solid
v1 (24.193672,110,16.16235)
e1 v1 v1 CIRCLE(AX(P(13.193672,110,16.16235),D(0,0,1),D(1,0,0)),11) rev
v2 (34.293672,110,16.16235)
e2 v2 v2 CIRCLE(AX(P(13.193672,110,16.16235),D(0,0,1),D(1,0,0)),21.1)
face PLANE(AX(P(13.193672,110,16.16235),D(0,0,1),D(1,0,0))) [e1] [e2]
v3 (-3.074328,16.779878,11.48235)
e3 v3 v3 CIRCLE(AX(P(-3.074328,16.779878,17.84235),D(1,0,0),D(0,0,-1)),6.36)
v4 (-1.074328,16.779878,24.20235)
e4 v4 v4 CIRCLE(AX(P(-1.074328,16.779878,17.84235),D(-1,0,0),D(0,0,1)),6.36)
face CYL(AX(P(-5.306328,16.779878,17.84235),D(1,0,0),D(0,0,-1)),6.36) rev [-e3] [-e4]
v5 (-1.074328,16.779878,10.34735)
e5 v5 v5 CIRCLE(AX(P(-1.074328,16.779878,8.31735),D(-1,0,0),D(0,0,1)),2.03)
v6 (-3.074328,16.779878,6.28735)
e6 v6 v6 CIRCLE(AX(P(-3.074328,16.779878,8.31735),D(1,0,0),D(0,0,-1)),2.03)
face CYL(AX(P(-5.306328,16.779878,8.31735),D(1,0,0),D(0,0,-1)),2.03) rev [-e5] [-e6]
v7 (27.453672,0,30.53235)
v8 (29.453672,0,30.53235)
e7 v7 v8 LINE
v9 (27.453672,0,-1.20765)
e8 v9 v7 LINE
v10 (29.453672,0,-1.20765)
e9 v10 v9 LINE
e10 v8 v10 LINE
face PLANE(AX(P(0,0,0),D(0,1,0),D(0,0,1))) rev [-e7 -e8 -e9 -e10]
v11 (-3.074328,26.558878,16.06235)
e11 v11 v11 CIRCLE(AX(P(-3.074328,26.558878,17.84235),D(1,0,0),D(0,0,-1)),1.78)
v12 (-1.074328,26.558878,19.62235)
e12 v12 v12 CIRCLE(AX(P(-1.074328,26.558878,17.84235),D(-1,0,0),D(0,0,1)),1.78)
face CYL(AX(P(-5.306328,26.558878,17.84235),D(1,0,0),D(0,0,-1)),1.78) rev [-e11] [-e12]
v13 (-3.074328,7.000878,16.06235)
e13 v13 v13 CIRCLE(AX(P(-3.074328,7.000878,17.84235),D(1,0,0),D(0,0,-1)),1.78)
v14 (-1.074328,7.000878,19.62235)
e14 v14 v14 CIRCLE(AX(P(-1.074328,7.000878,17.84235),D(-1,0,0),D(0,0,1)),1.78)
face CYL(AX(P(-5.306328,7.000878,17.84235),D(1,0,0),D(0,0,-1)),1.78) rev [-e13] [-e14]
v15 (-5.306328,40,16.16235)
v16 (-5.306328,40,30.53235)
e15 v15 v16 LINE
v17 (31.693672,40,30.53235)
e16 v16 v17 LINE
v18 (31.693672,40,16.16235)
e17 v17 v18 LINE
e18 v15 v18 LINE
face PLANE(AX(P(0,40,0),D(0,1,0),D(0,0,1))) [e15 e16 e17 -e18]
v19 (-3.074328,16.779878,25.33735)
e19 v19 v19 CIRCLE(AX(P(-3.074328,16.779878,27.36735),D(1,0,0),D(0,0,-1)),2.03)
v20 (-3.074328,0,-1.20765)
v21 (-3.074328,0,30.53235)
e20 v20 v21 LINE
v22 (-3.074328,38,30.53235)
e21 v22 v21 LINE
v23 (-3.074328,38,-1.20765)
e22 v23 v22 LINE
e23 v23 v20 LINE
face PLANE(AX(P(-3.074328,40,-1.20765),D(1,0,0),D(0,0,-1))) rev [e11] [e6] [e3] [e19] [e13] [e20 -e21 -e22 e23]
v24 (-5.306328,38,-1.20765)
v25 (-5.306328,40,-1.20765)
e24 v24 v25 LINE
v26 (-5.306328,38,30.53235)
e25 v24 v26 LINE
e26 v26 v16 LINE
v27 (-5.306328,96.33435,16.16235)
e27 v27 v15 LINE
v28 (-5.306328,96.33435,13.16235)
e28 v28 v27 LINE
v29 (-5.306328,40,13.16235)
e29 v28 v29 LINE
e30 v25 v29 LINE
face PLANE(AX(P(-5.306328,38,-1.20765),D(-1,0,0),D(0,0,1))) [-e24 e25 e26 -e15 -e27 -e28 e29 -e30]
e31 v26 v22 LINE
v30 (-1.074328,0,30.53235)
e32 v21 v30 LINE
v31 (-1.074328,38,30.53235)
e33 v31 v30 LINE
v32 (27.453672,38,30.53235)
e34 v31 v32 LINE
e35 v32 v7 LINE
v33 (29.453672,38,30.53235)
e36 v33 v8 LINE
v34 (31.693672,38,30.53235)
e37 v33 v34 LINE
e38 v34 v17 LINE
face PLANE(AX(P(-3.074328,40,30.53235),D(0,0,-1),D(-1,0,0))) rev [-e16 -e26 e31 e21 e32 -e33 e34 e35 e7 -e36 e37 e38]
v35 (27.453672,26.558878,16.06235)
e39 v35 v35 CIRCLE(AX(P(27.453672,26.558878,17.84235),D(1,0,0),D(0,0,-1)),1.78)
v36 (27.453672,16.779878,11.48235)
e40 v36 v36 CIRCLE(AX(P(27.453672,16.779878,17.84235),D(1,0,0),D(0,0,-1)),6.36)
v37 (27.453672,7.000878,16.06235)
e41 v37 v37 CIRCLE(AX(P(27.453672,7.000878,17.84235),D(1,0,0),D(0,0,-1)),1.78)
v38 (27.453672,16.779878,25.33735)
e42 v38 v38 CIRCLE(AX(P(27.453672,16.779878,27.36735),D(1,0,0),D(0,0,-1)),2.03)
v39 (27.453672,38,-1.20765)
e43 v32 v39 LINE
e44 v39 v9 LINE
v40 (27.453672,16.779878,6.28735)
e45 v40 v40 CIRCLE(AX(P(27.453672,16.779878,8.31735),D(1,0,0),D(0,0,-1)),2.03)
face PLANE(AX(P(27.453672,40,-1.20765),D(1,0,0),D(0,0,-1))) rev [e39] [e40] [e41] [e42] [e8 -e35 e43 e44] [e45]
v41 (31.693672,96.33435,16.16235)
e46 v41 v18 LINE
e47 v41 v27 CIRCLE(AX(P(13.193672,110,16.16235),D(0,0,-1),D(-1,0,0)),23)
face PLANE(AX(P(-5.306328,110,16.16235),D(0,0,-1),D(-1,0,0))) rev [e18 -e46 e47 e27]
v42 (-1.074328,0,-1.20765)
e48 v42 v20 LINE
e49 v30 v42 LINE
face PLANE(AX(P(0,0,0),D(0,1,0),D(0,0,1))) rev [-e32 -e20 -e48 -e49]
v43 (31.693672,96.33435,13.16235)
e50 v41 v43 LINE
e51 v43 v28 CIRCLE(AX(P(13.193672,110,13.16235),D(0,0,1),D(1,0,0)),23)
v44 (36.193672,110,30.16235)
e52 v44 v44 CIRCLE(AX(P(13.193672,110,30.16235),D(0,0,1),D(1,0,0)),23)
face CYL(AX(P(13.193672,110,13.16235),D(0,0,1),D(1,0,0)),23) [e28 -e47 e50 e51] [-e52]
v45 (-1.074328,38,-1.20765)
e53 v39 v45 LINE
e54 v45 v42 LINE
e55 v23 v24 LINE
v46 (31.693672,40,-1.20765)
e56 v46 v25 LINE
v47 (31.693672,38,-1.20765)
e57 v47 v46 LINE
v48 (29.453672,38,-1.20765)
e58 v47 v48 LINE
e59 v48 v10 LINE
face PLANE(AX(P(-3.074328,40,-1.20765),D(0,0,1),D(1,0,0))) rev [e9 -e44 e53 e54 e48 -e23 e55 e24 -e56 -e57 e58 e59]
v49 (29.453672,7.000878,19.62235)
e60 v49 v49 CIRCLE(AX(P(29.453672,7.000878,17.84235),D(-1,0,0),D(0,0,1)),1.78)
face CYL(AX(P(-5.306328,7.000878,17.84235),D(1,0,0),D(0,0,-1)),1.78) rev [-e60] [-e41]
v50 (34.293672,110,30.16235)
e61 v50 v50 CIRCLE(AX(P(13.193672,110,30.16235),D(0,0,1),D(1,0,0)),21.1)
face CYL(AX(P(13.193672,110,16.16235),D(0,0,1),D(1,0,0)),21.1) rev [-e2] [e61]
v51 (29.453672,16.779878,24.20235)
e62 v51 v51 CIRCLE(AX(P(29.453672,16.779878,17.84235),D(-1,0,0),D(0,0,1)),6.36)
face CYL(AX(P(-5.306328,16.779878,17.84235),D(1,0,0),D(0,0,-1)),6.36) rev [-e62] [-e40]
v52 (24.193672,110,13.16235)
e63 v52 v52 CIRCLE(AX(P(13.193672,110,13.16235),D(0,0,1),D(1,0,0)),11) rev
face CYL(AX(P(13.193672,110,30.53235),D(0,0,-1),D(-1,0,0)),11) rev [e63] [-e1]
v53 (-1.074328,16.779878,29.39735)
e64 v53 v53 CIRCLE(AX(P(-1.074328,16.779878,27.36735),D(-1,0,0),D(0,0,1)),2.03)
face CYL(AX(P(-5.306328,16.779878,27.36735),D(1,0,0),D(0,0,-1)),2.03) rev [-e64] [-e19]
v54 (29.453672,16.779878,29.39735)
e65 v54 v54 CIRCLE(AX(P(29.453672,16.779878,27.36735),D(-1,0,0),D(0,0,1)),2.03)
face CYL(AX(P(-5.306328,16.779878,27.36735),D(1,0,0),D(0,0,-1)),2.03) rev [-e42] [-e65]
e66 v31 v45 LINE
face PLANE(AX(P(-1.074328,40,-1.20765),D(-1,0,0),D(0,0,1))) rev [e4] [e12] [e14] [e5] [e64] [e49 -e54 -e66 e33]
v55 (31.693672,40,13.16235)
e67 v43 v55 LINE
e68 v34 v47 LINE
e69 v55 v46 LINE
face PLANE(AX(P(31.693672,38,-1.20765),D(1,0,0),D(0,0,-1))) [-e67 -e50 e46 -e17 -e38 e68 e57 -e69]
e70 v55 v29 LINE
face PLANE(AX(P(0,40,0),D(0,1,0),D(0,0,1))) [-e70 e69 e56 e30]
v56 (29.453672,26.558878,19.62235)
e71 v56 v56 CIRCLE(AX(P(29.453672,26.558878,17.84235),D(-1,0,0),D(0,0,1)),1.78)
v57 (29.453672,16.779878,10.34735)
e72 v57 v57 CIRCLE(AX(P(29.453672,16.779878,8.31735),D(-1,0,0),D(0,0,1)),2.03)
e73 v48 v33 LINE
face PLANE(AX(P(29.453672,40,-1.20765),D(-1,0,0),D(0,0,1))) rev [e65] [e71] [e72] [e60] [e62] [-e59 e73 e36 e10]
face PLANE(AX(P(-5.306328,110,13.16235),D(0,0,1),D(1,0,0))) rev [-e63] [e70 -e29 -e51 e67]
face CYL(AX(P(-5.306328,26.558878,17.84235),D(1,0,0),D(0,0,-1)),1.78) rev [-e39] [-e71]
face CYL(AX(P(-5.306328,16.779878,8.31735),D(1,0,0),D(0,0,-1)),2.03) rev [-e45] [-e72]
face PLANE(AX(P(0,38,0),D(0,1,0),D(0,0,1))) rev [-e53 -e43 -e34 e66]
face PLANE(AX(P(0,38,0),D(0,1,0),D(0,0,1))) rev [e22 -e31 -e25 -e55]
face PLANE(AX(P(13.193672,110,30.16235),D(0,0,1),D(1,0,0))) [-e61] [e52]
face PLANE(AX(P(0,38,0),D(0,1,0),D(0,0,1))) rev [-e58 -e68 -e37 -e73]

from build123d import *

# Parameters (mm, degrees)
SKETCH1_W                = 2
SKETCH1_H                = 31.74
BOSS_EXTRUDE1_DEPTH      = 40
BOSS_EXTRUDE1_2_DEPTH    = 40
SKETCH2_W                = 37
SKETCH2_H                = 31.74
BOSS_EXTRUDE3_DEPTH      = 2
SKETCH8_W                = 37
SKETCH8_H                = 3
BOSS_EXTRUDE4_DEPTH      = 70
SKETCH20_R               = 6.36
SKETCH20_R_2             = 1.78
SKETCH20_R_3             = 2.03
CUT_EXTRUDE4_DEPTH       = 3.24
CUT_EXTRUDE4_DEPTH_BACK  = 35.76
SKETCH23_R               = 23
BOSS_EXTRUDE6_DEPTH      = 14
BOSS_EXTRUDE6_DEPTH_BACK = 3
SKETCH25_R               = 21.1
CUT_EXTRUDE5_DEPTH       = 14
SKETCH26_R               = 11
CUT_EXTRUDE6_DEPTH       = 15.37
CUT_EXTRUDE6_DEPTH_BACK  = 18.37


with BuildPart() as part:
    # Sketch1 → Boss-Extrude1 (new body)
    with BuildSketch(Plane(origin=(0, 0, 0), x_dir=(1, 0, 0), z_dir=(0, 1, 0))):
        with Locations((-2.074327578, -14.662349727)):
            Rectangle(SKETCH1_W, SKETCH1_H)
    extrude(amount=BOSS_EXTRUDE1_DEPTH)



with BuildPart() as body_2:
    # Sketch1 → Boss-Extrude1 2 (new body)
    with BuildSketch(Plane(origin=(0, 0, 0), x_dir=(1, 0, 0), z_dir=(0, 1, 0))):
        with Locations((28.453672422, -14.662349727)):
            Rectangle(SKETCH1_W, SKETCH1_H)
    extrude(amount=BOSS_EXTRUDE1_2_DEPTH)


with BuildPart() as part_1:
    add(part.part)

    add(body_2.part)  # Boss-Extrude3 merges body 2
    # Sketch2 → Boss-Extrude3 (add)
    with BuildSketch(Plane(origin=(0, 40, 0), x_dir=(1, 0, 0), z_dir=(0, 1, 0))):
        with Locations((13.193672422, -14.662349727)):
            Rectangle(SKETCH2_W, SKETCH2_H)
    extrude(amount=-BOSS_EXTRUDE3_DEPTH)

    # Sketch8 → Boss-Extrude4 (add)
    with BuildSketch(Plane(origin=(0, 40, 0), x_dir=(1, 0, 0), z_dir=(0, 1, 0))):
        with Locations((13.193672422, -14.662349727)):
            Rectangle(SKETCH8_W, SKETCH8_H)
    extrude(amount=BOSS_EXTRUDE4_DEPTH)

    # Sketch20 → Cut-Extrude4 (cut, two sides)
    with BuildSketch(Plane(origin=(29.453672422, 0, 0), x_dir=(0, 0, -1), z_dir=(1, 0, 0))) as cut_extrude4_sk:
        with Locations((-17.842349727, 16.779878139)):
            Circle(SKETCH20_R)
        with Locations((-17.842349727, 26.558878139)):
            Circle(SKETCH20_R_2)
        with Locations((-17.842349727, 7.000878139)):
            Circle(SKETCH20_R_2)
        with Locations((-27.367349727, 16.779878139)):
            Circle(SKETCH20_R_3)
        with Locations((-8.317349727, 16.779878139)):
            Circle(SKETCH20_R_3)
    extrude(amount=CUT_EXTRUDE4_DEPTH, mode=Mode.SUBTRACT)
    extrude(cut_extrude4_sk.sketch, amount=-CUT_EXTRUDE4_DEPTH_BACK, mode=Mode.SUBTRACT)

    # Sketch23 → Boss-Extrude6 (add, two sides)
    with BuildSketch(Plane.XY.offset(16.162349727)) as boss_extrude6_sk:
        with Locations((13.193672422, 110)):
            Circle(SKETCH23_R)
    extrude(amount=BOSS_EXTRUDE6_DEPTH)
    extrude(boss_extrude6_sk.sketch, amount=-BOSS_EXTRUDE6_DEPTH_BACK)

    # Sketch25 → Cut-Extrude5 (cut)
    with BuildSketch(Plane.XY.offset(30.162349727)):
        with Locations((13.193672422, 110)):
            Circle(SKETCH25_R)
    extrude(amount=-CUT_EXTRUDE5_DEPTH, mode=Mode.SUBTRACT)

    # Sketch26 → Cut-Extrude6 (cut, two sides)
    with BuildSketch(Plane.XY.offset(16.162349727)) as cut_extrude6_sk:
        with Locations((13.193672422, 110)):
            Circle(SKETCH26_R)
    extrude(amount=CUT_EXTRUDE6_DEPTH, mode=Mode.SUBTRACT)
    extrude(cut_extrude6_sk.sketch, amount=-CUT_EXTRUDE6_DEPTH_BACK, mode=Mode.SUBTRACT)


solid = part_1.part
